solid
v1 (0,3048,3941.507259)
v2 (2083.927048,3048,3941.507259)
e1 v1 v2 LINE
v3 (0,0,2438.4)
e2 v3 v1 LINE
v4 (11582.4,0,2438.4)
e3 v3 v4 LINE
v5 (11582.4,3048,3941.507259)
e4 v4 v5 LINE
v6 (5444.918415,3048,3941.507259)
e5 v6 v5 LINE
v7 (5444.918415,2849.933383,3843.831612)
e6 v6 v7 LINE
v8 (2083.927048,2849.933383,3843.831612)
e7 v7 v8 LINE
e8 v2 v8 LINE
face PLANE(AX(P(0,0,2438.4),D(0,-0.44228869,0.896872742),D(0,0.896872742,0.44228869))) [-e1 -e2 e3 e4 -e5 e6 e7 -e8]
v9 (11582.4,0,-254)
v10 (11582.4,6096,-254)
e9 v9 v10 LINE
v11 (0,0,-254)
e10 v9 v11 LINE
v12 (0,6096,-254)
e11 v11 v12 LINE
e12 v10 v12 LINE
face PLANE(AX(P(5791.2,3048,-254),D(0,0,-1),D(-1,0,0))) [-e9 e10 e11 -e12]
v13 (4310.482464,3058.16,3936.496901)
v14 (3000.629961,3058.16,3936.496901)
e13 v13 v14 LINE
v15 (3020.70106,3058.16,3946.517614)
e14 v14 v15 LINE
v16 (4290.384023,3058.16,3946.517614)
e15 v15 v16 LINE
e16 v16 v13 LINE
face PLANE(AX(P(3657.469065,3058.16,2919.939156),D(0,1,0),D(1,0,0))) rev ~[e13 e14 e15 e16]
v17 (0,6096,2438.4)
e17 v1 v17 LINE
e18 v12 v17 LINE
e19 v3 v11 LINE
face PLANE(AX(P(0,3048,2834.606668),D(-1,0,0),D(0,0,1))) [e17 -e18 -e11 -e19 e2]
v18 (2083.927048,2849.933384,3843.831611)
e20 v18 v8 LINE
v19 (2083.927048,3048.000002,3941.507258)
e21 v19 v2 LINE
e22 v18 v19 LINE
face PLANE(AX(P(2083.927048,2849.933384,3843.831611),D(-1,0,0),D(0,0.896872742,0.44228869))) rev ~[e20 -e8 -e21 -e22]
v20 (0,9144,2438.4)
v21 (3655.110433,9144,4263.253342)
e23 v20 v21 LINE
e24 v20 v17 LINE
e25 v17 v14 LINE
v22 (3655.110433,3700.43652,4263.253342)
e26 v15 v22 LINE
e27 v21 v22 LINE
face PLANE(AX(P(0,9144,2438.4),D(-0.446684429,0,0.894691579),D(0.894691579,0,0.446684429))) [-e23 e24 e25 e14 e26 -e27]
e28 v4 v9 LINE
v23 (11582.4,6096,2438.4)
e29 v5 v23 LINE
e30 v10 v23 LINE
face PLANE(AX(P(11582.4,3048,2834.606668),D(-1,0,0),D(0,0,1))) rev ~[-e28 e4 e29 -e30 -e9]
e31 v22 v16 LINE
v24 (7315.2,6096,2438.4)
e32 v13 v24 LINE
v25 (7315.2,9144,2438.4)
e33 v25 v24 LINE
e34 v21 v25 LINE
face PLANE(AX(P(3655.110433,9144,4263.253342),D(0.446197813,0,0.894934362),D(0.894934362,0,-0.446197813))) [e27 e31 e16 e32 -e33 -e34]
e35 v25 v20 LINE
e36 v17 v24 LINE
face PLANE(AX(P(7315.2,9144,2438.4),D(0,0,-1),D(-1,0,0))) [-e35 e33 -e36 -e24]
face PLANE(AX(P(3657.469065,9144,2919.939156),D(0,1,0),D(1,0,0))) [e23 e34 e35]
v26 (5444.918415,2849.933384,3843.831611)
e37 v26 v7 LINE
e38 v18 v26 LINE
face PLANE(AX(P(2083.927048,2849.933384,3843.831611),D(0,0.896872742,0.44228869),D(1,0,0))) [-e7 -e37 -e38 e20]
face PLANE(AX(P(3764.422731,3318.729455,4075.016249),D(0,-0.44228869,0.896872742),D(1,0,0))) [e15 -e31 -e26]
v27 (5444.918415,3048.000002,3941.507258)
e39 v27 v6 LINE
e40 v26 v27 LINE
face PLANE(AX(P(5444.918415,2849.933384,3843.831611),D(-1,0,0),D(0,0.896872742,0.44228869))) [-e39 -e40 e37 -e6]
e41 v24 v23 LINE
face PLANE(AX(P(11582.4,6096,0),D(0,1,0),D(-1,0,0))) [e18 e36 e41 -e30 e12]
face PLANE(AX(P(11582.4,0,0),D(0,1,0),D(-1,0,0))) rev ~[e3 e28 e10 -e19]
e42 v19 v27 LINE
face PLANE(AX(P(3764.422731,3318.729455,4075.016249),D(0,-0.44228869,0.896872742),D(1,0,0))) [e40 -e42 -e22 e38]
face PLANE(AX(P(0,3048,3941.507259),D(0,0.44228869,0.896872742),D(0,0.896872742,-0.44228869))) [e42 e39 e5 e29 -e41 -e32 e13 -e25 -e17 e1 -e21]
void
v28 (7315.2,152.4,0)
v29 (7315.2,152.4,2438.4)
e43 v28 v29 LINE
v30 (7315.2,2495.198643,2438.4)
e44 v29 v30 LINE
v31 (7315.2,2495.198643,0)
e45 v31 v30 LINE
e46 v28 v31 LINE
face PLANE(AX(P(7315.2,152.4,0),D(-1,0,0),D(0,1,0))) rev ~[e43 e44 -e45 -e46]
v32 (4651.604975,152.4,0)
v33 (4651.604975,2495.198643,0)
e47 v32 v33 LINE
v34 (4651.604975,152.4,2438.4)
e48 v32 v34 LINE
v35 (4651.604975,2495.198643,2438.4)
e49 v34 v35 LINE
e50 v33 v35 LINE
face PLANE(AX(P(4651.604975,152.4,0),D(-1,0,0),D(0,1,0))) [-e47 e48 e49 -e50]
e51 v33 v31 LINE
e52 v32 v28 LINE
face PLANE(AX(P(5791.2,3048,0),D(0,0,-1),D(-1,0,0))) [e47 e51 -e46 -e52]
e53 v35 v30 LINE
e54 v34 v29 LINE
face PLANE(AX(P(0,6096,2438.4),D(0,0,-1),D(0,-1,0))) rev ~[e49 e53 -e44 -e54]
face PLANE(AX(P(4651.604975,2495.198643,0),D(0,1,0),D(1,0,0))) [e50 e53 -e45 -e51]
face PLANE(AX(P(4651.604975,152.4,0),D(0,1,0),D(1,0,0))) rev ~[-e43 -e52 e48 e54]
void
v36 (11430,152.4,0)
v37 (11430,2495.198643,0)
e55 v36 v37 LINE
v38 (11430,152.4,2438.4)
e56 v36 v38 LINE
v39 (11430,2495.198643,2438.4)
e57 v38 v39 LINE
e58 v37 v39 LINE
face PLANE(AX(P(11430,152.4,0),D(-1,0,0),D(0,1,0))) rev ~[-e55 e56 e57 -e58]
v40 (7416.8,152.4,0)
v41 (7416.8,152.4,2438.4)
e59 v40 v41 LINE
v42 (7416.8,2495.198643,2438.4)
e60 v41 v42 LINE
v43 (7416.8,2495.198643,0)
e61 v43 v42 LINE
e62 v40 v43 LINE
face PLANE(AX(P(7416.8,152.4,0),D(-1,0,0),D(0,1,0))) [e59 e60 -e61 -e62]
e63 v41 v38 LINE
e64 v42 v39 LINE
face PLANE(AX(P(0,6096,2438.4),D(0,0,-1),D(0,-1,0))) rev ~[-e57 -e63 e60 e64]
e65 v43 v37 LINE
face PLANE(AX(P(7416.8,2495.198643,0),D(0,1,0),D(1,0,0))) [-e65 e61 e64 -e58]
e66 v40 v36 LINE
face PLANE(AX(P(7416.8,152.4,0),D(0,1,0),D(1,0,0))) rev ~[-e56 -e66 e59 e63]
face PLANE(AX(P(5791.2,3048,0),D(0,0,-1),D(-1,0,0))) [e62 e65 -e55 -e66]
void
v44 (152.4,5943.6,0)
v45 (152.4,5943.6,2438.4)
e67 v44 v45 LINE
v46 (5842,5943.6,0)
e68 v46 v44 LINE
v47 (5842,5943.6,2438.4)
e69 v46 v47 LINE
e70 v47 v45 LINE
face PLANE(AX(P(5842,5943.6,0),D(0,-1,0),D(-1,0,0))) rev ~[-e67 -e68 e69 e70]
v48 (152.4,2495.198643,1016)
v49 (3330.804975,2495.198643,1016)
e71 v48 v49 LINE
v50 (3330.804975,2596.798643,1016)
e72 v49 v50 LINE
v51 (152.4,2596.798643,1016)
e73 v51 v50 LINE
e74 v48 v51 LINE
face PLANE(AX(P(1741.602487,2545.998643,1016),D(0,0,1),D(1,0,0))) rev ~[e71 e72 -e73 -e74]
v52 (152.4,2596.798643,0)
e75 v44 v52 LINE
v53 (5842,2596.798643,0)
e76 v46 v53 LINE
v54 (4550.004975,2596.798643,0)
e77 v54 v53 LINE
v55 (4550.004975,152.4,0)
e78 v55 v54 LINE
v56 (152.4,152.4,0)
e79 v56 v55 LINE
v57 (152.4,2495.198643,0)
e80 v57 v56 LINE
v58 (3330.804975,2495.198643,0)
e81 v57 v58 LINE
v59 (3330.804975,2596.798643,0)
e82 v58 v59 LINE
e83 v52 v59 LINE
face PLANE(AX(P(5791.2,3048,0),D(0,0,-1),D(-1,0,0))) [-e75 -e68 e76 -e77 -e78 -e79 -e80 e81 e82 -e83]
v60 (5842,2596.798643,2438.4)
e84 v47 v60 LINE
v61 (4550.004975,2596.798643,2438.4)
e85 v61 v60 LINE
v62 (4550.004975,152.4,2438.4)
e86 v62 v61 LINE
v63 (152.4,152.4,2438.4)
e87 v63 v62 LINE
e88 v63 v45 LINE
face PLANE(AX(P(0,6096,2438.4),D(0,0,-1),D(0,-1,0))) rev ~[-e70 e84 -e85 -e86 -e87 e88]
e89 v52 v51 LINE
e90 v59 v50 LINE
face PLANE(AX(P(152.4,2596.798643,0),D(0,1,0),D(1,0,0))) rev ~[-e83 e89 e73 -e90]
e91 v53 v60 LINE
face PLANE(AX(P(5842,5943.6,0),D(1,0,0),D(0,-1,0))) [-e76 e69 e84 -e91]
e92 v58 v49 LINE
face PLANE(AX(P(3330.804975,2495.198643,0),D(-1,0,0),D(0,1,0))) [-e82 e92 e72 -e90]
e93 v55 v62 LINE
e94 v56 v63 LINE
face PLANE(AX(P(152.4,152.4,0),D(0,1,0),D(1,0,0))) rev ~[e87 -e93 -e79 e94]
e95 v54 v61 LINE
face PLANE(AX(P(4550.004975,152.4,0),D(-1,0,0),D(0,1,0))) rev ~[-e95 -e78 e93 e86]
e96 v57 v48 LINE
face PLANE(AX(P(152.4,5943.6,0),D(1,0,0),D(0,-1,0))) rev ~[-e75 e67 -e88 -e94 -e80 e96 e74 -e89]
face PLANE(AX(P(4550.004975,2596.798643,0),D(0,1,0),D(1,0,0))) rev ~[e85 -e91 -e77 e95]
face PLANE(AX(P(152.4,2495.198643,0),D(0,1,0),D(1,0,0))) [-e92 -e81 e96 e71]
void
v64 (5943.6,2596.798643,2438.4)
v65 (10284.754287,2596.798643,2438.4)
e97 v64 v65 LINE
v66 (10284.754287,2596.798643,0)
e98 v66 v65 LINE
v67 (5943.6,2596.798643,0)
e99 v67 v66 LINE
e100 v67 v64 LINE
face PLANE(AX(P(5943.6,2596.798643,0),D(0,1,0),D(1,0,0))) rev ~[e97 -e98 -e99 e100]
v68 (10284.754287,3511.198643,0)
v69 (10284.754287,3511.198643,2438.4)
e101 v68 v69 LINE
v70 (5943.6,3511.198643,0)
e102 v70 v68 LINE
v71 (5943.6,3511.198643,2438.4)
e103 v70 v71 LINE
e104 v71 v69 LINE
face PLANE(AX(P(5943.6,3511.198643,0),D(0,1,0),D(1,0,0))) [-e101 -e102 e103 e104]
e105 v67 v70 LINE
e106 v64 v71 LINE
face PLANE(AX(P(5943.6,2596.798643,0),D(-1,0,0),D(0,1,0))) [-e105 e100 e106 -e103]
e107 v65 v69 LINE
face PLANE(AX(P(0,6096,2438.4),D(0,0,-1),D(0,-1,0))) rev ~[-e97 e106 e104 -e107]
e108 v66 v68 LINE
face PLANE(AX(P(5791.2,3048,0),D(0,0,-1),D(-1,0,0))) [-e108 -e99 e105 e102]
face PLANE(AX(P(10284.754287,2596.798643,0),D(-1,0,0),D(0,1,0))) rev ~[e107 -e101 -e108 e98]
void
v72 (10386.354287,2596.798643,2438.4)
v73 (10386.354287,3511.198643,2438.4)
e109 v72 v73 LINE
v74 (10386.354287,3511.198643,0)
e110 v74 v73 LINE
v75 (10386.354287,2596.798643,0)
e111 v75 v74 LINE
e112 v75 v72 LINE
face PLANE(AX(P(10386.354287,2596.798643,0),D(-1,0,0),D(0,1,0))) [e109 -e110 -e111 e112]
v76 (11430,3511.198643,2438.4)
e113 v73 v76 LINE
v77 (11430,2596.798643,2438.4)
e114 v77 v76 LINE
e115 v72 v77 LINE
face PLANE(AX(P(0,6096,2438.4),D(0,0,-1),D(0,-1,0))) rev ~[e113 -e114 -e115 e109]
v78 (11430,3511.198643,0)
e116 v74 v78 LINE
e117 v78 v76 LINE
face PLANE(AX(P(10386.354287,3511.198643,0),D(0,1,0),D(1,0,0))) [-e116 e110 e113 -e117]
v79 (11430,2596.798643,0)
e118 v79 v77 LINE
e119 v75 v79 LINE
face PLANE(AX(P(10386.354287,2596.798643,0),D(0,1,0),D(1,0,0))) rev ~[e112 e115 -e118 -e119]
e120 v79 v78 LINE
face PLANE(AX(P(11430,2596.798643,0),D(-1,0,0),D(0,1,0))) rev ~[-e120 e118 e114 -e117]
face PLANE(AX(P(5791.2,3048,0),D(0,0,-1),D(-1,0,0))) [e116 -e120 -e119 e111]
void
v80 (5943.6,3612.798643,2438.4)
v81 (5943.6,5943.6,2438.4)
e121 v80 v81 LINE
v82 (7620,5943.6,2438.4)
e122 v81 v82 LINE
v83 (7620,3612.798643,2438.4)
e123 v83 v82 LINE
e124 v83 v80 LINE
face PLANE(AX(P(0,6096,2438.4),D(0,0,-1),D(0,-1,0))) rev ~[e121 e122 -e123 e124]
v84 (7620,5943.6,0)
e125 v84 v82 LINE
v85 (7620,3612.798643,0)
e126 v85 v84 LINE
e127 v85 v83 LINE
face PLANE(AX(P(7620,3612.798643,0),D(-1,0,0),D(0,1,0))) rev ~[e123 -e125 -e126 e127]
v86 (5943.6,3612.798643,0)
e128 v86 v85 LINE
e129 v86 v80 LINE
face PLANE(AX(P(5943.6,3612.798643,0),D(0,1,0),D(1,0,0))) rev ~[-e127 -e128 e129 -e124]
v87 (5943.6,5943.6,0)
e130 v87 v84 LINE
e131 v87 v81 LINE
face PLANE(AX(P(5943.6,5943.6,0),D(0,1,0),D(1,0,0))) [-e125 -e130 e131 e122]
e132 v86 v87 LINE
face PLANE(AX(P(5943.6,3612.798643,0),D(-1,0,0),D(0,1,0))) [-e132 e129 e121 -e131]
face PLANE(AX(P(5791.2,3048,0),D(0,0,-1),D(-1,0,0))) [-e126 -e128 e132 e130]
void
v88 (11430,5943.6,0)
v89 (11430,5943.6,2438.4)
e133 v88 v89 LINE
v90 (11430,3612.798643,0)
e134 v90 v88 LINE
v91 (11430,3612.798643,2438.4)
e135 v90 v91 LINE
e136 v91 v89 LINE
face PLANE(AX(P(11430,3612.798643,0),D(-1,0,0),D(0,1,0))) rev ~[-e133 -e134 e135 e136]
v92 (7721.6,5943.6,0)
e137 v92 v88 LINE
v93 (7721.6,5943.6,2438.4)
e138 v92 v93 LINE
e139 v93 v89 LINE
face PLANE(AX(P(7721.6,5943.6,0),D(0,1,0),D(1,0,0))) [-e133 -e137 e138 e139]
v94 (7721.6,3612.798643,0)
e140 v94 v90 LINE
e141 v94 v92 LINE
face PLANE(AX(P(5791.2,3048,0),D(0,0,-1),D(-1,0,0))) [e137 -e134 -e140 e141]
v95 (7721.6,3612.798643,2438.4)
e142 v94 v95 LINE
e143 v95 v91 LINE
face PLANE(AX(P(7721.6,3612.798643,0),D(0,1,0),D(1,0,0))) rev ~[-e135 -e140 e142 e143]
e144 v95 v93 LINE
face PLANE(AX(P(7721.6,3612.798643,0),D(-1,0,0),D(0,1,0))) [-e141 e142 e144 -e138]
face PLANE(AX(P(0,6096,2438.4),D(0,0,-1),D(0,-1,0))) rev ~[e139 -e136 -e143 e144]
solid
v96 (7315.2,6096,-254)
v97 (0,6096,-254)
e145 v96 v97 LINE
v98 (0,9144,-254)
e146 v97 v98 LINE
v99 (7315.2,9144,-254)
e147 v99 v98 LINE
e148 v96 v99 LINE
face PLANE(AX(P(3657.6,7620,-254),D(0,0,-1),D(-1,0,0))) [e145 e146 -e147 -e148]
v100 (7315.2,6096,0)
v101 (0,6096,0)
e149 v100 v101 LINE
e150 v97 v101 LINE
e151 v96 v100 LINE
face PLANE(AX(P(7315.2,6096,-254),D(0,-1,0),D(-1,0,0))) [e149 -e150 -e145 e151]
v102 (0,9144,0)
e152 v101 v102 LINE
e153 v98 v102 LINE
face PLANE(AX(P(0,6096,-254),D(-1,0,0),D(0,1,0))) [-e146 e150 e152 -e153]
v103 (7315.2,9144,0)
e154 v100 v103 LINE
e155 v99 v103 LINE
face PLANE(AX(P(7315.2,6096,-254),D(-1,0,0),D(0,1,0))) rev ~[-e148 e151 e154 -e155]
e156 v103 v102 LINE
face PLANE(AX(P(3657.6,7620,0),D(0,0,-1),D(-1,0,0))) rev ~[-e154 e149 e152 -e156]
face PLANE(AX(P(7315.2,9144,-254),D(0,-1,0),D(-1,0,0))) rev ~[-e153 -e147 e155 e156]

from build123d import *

# Parameters (mm, degrees)
SKETCH3_W           = 11582.4
SKETCH3_H           = 6096
SKETCH3_W_2         = 4341.154286856
SKETCH3_H_2         = 914.4
SKETCH3_W_3         = 1676.4
SKETCH3_H_3         = 2330.801356814
SKETCH3_W_4         = 2663.595025017
SKETCH3_H_4         = 2342.798643186
SKETCH3_W_5         = 1043.645713144
SKETCH3_W_6         = 4013.2
SKETCH3_W_7         = 3708.4
BOSS_EXTRUDE1_DEPTH = 2438.4
SKETCH4_W           = 11582.4
SKETCH4_H           = 6096
BOSS_EXTRUDE2_DEPTH = 254
SKETCH5_W           = 3178.404974983
SKETCH5_H           = 101.6
BOSS_EXTRUDE3_DEPTH = 1016
BOSS_EXTRUDE4_DEPTH = 11582.4
SKETCH8_W           = 7315.2
SKETCH8_H           = 3048
BOSS_EXTRUDE6_DEPTH = 254
BOSS_EXTRUDE7_DEPTH = 6085.84
SKETCH11_W          = 3360.991367567
SKETCH11_H          = 1045.401535637
CUT_EXTRUDE1_DEPTH  = 6085.84


with BuildPart() as part:
    # Sketch3 → Boss-Extrude1 (new body)
    with BuildSketch(Plane.XY):
        with Locations((5791.2, 3048)):
            Rectangle(SKETCH3_W, SKETCH3_H)
        Polygon((152.4, 152.4), (4550.004974983, 152.4), (4550.004974983, 2596.798643186), (5842, 2596.798643186), (5842, 3511.198643186), (5842, 5943.6), (152.4, 5943.6), align=None, mode=Mode.SUBTRACT)
        with Locations((8114.177143428, 3053.998643186)):
            Rectangle(SKETCH3_W_2, SKETCH3_H_2, mode=Mode.SUBTRACT)
        with Locations((6781.8, 4778.199321593)):
            Rectangle(SKETCH3_W_3, SKETCH3_H_3, mode=Mode.SUBTRACT)
        with Locations((5983.402487492, 1323.799321593)):
            Rectangle(SKETCH3_W_4, SKETCH3_H_4, mode=Mode.SUBTRACT)
        with Locations((10908.177143428, 3053.998643186)):
            Rectangle(SKETCH3_W_5, SKETCH3_H_2, mode=Mode.SUBTRACT)
        with Locations((9423.4, 1323.799321593)):
            Rectangle(SKETCH3_W_6, SKETCH3_H_4, mode=Mode.SUBTRACT)
        with Locations((9575.8, 4778.199321593)):
            Rectangle(SKETCH3_W_7, SKETCH3_H_3, mode=Mode.SUBTRACT)
    extrude(amount=BOSS_EXTRUDE1_DEPTH)

    # Sketch4 → Boss-Extrude2 (add)
    with BuildSketch(Plane(origin=(0, 0, 0), x_dir=(-1, 0, 0), z_dir=(0, 0, -1))):
        with Locations((-5791.2, 3048)):
            Rectangle(SKETCH4_W, SKETCH4_H)
    extrude(amount=BOSS_EXTRUDE2_DEPTH)

    # Sketch5 → Boss-Extrude3 (add)
    with BuildSketch(Plane.XY):
        with Locations((1741.602487492, 2545.998643186)):
            Rectangle(SKETCH5_W, SKETCH5_H)
    extrude(amount=BOSS_EXTRUDE3_DEPTH)

    # Sketch6 → Boss-Extrude4 (add)
    with BuildSketch(Plane.ZY):
        Polygon((2438.4, 6096), (2438.4, 0), (3941.507258543, 3048), align=None)
    extrude(amount=-BOSS_EXTRUDE4_DEPTH)

    # Sketch10 → Boss-Extrude7 (add)
    with BuildSketch(Plane(origin=(0, 9144, 0), x_dir=(1, 0, 0), z_dir=(0, 1, 0))):
        Polygon((7315.2, -2438.4), (0, -2438.4), (3655.110432816, -4263.253342026), align=None)
    extrude(amount=-BOSS_EXTRUDE7_DEPTH)

    # Sketch11 → Cut-Extrude1 (cut)
    with BuildSketch(Plane(origin=(0, -967.256392483, 1961.401934247), x_dir=(1, 0, 0), z_dir=(0, -0.44228869, 0.896872742))):
        with Locations((3764.422731341, 4778.811583623)):
            Rectangle(SKETCH11_W, SKETCH11_H)
    extrude(amount=CUT_EXTRUDE1_DEPTH, mode=Mode.SUBTRACT)


with BuildPart() as body_2:
    # Sketch8 → Boss-Extrude6 (new body)
    with BuildSketch(Plane(origin=(0, 0, -254), x_dir=(-1, 0, 0), z_dir=(0, 0, -1))):
        with Locations((-3657.6, 7620)):
            Rectangle(SKETCH8_W, SKETCH8_H)
    extrude(amount=-BOSS_EXTRUDE6_DEPTH)


solid = Compound([part.part, body_2.part])
